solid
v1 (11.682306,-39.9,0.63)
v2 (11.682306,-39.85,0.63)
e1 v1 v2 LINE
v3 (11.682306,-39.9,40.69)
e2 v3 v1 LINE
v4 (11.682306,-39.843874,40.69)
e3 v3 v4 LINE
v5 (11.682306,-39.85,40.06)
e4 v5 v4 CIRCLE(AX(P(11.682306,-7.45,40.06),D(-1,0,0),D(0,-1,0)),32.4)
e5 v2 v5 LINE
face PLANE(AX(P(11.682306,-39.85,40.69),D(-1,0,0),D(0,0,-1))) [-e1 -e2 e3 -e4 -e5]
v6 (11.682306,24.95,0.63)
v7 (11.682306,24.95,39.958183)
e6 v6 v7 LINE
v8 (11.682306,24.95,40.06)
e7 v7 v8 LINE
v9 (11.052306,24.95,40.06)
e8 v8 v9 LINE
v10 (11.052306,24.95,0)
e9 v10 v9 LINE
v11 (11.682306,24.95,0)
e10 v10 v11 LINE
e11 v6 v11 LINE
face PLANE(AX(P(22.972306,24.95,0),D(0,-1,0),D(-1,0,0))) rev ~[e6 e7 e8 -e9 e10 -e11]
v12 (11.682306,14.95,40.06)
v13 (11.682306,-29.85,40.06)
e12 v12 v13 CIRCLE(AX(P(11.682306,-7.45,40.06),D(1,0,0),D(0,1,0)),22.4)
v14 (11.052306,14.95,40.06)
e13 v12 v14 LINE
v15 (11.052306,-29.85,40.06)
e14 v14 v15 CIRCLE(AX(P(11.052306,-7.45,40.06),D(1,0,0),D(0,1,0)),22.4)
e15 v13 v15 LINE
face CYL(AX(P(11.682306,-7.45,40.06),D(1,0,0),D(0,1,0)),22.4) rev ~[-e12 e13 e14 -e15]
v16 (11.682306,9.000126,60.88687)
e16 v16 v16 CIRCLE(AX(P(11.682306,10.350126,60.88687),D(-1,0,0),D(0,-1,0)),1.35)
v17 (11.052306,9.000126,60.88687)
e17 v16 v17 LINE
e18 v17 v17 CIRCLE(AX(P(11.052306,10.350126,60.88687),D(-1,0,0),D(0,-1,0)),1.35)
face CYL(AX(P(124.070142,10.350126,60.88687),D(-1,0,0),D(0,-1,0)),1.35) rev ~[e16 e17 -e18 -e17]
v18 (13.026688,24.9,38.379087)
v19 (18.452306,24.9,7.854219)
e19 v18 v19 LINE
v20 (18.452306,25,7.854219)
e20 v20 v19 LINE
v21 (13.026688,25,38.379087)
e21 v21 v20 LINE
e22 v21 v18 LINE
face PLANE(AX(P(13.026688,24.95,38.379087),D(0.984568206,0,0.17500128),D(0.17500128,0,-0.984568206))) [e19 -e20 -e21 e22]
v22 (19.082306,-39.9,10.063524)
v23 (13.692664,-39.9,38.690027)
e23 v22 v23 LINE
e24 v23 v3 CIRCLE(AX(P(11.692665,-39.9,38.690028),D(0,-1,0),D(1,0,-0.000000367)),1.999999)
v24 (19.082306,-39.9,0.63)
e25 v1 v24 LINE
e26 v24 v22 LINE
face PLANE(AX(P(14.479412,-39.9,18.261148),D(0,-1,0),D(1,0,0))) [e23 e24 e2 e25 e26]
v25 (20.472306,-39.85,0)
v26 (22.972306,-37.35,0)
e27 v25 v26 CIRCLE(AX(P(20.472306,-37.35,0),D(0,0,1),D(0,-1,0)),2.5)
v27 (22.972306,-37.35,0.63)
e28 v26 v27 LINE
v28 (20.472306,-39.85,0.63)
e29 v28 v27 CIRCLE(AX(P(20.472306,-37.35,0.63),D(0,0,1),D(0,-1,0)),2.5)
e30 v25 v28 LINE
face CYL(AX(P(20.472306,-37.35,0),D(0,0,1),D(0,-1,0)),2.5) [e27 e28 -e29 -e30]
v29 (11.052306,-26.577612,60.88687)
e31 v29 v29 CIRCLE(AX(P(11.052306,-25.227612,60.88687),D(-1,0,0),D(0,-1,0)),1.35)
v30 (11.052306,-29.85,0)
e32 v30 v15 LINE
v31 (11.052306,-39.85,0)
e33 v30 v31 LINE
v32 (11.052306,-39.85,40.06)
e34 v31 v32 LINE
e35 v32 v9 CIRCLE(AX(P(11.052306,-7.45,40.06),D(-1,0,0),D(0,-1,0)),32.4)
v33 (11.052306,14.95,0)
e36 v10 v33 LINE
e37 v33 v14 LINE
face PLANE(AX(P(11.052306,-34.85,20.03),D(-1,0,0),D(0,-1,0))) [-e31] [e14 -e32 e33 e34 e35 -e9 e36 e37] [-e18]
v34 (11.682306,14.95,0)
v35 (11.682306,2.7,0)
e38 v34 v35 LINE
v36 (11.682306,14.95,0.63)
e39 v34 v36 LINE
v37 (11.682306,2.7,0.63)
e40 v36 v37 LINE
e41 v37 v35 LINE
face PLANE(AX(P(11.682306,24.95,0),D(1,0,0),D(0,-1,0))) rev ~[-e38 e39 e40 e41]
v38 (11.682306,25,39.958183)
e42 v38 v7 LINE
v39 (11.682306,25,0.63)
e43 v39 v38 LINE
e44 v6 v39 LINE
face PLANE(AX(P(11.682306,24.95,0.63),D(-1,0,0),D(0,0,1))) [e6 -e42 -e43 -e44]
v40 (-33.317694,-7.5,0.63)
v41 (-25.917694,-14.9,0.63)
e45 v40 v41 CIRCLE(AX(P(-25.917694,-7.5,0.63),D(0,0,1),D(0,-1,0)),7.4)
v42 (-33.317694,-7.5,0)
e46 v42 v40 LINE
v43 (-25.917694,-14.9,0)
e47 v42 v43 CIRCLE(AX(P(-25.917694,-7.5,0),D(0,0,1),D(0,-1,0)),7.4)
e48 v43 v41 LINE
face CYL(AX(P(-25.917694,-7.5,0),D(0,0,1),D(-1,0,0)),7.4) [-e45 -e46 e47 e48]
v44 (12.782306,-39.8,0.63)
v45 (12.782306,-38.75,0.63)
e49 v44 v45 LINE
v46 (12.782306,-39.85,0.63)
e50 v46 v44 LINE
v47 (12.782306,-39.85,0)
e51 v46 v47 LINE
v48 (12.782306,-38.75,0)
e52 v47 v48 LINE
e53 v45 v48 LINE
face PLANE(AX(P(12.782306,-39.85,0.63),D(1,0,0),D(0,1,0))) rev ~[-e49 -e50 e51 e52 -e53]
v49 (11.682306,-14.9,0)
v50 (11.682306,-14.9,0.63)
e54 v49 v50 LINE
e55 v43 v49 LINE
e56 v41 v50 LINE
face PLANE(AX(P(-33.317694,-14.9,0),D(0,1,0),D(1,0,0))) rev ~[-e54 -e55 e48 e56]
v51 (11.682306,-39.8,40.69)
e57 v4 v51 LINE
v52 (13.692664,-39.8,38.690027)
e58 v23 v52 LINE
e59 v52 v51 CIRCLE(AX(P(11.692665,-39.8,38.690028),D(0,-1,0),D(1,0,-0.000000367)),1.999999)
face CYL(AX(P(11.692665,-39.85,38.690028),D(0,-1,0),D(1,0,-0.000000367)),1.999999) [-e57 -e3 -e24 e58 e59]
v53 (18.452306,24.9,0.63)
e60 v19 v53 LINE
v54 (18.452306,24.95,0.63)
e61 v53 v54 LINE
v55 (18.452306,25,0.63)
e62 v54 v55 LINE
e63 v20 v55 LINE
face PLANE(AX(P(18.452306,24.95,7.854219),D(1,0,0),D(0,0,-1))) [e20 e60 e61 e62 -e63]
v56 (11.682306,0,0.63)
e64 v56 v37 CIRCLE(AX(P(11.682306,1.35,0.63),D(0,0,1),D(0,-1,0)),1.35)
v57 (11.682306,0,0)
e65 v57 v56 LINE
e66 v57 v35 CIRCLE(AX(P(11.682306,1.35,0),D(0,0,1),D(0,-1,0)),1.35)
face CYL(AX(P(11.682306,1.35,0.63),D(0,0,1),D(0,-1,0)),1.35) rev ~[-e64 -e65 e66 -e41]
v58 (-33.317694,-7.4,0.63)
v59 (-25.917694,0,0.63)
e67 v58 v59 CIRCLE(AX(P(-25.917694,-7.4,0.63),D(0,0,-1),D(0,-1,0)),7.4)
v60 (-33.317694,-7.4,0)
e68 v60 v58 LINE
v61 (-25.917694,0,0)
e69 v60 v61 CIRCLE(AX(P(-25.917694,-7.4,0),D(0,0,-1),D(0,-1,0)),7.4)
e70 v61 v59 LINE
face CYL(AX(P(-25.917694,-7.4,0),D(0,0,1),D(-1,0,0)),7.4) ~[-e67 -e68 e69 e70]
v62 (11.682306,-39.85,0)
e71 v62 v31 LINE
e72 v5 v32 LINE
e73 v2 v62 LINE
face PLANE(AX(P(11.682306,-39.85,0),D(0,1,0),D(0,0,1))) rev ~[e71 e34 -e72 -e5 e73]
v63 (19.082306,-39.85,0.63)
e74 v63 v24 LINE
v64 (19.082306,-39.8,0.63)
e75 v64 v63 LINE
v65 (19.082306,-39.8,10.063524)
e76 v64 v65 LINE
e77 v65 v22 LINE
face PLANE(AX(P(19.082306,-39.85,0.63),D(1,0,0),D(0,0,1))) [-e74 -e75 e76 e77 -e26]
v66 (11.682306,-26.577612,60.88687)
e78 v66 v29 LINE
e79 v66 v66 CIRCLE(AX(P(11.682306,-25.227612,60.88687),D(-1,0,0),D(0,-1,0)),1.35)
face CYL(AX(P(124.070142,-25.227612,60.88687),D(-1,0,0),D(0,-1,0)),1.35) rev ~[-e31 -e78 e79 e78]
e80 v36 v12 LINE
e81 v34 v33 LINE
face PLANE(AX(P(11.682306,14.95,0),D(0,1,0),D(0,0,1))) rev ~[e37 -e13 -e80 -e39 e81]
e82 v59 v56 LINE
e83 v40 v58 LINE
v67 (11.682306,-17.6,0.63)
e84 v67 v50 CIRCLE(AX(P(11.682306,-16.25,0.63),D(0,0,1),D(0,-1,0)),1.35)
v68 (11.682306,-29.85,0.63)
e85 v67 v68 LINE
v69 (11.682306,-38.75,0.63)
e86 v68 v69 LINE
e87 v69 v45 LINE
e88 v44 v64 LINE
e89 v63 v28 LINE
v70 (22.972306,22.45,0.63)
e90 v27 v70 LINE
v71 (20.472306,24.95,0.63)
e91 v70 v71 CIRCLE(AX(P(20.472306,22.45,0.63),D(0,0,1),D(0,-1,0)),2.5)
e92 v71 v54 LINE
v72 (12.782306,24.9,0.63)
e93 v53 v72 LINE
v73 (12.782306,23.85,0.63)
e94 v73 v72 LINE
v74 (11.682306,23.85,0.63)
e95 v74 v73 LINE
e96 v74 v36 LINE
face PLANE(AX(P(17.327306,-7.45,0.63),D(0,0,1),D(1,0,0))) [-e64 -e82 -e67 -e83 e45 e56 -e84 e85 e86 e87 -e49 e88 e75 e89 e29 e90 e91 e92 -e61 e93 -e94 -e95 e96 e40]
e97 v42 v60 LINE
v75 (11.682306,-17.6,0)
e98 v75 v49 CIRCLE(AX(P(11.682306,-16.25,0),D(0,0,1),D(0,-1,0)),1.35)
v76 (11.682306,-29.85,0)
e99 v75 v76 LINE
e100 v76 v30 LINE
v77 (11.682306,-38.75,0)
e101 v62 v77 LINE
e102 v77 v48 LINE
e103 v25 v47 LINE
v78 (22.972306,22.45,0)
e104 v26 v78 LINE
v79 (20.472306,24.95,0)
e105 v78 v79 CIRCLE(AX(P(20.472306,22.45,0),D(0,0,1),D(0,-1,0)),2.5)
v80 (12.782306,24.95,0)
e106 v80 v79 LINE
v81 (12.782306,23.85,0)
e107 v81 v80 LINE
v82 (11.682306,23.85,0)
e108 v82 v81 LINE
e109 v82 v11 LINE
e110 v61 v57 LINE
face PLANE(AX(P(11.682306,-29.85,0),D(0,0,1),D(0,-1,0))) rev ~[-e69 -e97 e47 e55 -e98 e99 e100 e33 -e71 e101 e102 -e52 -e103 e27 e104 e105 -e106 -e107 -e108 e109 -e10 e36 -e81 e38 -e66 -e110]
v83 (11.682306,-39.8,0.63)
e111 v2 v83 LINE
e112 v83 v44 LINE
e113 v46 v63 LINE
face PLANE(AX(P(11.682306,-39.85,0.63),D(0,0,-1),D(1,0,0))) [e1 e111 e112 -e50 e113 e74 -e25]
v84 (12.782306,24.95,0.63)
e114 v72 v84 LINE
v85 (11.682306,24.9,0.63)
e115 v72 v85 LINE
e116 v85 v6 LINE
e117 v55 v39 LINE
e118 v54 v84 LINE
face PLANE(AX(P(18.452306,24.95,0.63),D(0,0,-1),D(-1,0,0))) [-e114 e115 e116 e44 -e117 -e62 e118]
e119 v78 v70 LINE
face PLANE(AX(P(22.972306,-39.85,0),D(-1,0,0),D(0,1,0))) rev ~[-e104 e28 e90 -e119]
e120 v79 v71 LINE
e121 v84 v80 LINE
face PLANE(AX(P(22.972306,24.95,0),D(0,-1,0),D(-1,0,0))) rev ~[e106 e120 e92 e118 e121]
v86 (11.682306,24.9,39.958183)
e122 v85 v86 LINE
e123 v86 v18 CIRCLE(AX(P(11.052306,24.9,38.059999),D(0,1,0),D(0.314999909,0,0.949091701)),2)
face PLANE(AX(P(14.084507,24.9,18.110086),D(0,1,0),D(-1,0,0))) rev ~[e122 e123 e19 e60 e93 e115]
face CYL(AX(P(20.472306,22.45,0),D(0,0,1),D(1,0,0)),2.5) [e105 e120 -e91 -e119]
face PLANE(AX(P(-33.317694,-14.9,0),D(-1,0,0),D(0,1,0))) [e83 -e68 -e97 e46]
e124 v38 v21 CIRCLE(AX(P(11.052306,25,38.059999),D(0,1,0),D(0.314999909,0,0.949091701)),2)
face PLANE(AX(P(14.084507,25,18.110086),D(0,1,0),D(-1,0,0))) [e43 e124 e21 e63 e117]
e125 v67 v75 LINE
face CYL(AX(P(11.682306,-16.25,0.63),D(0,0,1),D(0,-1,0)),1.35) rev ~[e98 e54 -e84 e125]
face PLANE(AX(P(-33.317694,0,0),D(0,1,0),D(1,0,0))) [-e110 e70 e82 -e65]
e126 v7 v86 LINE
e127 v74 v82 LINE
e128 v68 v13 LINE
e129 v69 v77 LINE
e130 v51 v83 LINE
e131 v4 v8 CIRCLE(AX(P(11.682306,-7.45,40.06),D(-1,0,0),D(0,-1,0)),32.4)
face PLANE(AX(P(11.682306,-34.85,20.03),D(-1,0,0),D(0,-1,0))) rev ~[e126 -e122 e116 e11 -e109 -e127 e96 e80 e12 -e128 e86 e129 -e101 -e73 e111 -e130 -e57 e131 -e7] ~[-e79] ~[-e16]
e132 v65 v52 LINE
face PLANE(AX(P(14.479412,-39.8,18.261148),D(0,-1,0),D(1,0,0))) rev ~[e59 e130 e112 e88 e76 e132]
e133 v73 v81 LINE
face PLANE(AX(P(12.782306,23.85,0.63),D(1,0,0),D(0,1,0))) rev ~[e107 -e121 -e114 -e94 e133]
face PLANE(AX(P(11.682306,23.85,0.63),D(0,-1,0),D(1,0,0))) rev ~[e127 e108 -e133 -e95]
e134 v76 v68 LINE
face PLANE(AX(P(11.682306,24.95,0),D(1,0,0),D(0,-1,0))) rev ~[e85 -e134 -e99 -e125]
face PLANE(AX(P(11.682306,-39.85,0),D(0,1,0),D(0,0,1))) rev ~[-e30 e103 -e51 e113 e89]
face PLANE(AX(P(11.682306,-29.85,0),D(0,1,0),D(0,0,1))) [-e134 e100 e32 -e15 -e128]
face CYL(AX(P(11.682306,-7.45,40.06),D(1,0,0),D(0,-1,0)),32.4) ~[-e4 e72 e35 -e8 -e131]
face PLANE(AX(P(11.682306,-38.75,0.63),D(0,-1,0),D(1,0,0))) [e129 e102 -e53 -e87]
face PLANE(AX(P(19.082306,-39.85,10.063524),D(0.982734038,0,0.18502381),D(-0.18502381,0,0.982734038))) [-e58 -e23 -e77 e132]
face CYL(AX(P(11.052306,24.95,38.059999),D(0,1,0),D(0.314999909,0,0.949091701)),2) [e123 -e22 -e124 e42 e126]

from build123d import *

# Parameters (mm, degrees)
F0_W      = 45
F0_H      = 14.9
F1_DEPTH  = 0.63
F2_R      = 7.4
F3_R      = 7.4
F4_DEPTH  = 0.63
F6_W      = 10
F6_H      = 40.06
F7_DEPTH  = 0.63
F8_DEPTH  = 0.63
F10_DEPTH = 0.05
F11_R     = 2.5
F13_DEPTH = 0.05
F15_D     = 2.7
F5_W      = 1.1
F5_H      = 1.1
F16_DEPTH = 0.631


with BuildPart() as f1:
    # F0 (on Top) → F1 (new body)
    with BuildSketch(Plane.XY):
        with Locations((-10.817694, -7.45)):
            Rectangle(F0_W, F0_H)
    extrude(amount=F1_DEPTH)

    # F2
    f2_edges = [f1.edges().sort_by_distance(p)[0] for p in [
        (-33.317694, 0, 0.315),
    ]]
    fillet(f2_edges, radius=F2_R)

    # F3
    f3_edges = [f1.edges().sort_by_distance(p)[0] for p in [
        (-33.317694, -14.9, 0.315),
    ]]
    fillet(f3_edges, radius=F3_R)

    # F0 (on Top) → F4 (join)
    with BuildSketch(Plane.XY):
        Polygon((11.682306, 24.95), (11.682306, 0), (11.682306, -14.9), (11.682306, -39.85), (22.972306, -39.85), (22.972306, 24.95), align=None)
    extrude(amount=F4_DEPTH)

    # F6 (on face) → F7 (join)
    with BuildSketch(Plane(origin=(11.682306, 0, 0), x_dir=(0, -1, 0), z_dir=(-1, 0, 0))):
        with Locations((34.85, 20.03)):
            Rectangle(F6_W, F6_H)
        with Locations((-19.95, 20.03)):
            Rectangle(F6_W, F6_H)
    extrude(amount=F7_DEPTH)

    # F6 (on face) → F8 (join)
    with BuildSketch(Plane(origin=(11.682306, 0, 0), x_dir=(0, -1, 0), z_dir=(-1, 0, 0))):
        with Locations((34.85, 20.03)):
            Rectangle(F6_W, F6_H)
        with BuildLine():
            Line((29.85, 40.06), (39.85, 40.06))
            ThreePointArc((39.85, 40.06), (7.45, 72.46), (-24.95, 40.06))
            Line((-24.95, 40.06), (-14.95, 40.06))
            ThreePointArc((-14.95, 40.06), (7.45, 62.46), (29.85, 40.06))
        make_face()
        with Locations((-19.95, 20.03)):
            Rectangle(F6_W, F6_H)
    extrude(amount=F8_DEPTH)

    # F9 (on face) → F10 (join, symmetric)
    with BuildSketch(Plane.XZ.offset(39.85)):
        with BuildLine():
            Line((11.682306, 36.690054), (11.682306, 0.63))
            Line((11.682306, 0.63), (19.082306, 0.63))
            Line((19.082306, 0.63), (19.082306, 10.063524))
            Line((19.082306, 10.063524), (13.692664, 38.690027))
            ThreePointArc((13.692664, 38.690027), (13.103211, 37.272156), (11.682306, 36.690054))
        make_face()
        with BuildLine():
            Line((11.682306, 40.06), (11.682306, 36.690054))
            ThreePointArc((11.682306, 36.690054), (13.103211, 37.272156), (13.692664, 38.690027))
            ThreePointArc((13.692664, 38.690027), (13.103211, 40.107898), (11.682306, 40.69))
            Line((11.682306, 40.69), (11.682306, 40.06))
        make_face()
    extrude(amount=F10_DEPTH, both=True)

    # F11
    f11_edges = [f1.edges().sort_by_distance(p)[0] for p in [
        (22.972306, -39.85, 0.315),
        (22.972306, 24.95, 0.315),
    ]]
    fillet(f11_edges, radius=F11_R)

    # F12 (on face) → F13 (join, symmetric)
    with BuildSketch(Plane(origin=(0, 24.95, 0), x_dir=(-1, 0, 0), z_dir=(0, 1, 0))):
        with BuildLine():
            Line((-18.452306, 7.854219), (-18.452306, 0.63))
            Line((-18.452306, 0.63), (-11.682306, 0.63))
            Line((-11.682306, 0.63), (-11.682306, 36.161817))
            ThreePointArc((-11.682306, 36.161817), (-12.762503, 37.023069), (-13.026688, 38.379087))
            Line((-13.026688, 38.379087), (-18.452306, 7.854219))
        make_face()
        with BuildLine():
            Line((-11.682306, 36.161817), (-11.682306, 39.958183))
            ThreePointArc((-11.682306, 39.958183), (-12.575161, 39.3565), (-13.026688, 38.379087))
            ThreePointArc((-13.026688, 38.379087), (-12.762503, 37.023069), (-11.682306, 36.161817))
        make_face()
    extrude(amount=F13_DEPTH, both=True)

    # F15 (through all)
    with Locations(Plane.YZ.offset(11.682306)):
        with Locations((-25.227612, 60.88687), (10.350126, 60.88687)):
            Hole(F15_D / 2)

    # F5 (on face) → F16 (cut, through all)
    with BuildSketch(Plane.XY.offset(0.63)):
        with Locations((12.232306, 24.4)):
            Rectangle(F5_W, F5_H)
        with BuildLine():
            ThreePointArc((11.682306, 0), (13.032306, 1.35), (11.682306, 2.7))
            Line((11.682306, 2.7), (11.682306, 0))
        make_face()
        with BuildLine():
            Line((11.682306, -14.9), (11.682306, -17.6))
            ThreePointArc((11.682306, -17.6), (13.032306, -16.25), (11.682306, -14.9))
        make_face()
        with Locations((12.232306, -39.3)):
            Rectangle(F5_W, F5_H)
    extrude(amount=-F16_DEPTH, mode=Mode.SUBTRACT)


solid = f1.part
